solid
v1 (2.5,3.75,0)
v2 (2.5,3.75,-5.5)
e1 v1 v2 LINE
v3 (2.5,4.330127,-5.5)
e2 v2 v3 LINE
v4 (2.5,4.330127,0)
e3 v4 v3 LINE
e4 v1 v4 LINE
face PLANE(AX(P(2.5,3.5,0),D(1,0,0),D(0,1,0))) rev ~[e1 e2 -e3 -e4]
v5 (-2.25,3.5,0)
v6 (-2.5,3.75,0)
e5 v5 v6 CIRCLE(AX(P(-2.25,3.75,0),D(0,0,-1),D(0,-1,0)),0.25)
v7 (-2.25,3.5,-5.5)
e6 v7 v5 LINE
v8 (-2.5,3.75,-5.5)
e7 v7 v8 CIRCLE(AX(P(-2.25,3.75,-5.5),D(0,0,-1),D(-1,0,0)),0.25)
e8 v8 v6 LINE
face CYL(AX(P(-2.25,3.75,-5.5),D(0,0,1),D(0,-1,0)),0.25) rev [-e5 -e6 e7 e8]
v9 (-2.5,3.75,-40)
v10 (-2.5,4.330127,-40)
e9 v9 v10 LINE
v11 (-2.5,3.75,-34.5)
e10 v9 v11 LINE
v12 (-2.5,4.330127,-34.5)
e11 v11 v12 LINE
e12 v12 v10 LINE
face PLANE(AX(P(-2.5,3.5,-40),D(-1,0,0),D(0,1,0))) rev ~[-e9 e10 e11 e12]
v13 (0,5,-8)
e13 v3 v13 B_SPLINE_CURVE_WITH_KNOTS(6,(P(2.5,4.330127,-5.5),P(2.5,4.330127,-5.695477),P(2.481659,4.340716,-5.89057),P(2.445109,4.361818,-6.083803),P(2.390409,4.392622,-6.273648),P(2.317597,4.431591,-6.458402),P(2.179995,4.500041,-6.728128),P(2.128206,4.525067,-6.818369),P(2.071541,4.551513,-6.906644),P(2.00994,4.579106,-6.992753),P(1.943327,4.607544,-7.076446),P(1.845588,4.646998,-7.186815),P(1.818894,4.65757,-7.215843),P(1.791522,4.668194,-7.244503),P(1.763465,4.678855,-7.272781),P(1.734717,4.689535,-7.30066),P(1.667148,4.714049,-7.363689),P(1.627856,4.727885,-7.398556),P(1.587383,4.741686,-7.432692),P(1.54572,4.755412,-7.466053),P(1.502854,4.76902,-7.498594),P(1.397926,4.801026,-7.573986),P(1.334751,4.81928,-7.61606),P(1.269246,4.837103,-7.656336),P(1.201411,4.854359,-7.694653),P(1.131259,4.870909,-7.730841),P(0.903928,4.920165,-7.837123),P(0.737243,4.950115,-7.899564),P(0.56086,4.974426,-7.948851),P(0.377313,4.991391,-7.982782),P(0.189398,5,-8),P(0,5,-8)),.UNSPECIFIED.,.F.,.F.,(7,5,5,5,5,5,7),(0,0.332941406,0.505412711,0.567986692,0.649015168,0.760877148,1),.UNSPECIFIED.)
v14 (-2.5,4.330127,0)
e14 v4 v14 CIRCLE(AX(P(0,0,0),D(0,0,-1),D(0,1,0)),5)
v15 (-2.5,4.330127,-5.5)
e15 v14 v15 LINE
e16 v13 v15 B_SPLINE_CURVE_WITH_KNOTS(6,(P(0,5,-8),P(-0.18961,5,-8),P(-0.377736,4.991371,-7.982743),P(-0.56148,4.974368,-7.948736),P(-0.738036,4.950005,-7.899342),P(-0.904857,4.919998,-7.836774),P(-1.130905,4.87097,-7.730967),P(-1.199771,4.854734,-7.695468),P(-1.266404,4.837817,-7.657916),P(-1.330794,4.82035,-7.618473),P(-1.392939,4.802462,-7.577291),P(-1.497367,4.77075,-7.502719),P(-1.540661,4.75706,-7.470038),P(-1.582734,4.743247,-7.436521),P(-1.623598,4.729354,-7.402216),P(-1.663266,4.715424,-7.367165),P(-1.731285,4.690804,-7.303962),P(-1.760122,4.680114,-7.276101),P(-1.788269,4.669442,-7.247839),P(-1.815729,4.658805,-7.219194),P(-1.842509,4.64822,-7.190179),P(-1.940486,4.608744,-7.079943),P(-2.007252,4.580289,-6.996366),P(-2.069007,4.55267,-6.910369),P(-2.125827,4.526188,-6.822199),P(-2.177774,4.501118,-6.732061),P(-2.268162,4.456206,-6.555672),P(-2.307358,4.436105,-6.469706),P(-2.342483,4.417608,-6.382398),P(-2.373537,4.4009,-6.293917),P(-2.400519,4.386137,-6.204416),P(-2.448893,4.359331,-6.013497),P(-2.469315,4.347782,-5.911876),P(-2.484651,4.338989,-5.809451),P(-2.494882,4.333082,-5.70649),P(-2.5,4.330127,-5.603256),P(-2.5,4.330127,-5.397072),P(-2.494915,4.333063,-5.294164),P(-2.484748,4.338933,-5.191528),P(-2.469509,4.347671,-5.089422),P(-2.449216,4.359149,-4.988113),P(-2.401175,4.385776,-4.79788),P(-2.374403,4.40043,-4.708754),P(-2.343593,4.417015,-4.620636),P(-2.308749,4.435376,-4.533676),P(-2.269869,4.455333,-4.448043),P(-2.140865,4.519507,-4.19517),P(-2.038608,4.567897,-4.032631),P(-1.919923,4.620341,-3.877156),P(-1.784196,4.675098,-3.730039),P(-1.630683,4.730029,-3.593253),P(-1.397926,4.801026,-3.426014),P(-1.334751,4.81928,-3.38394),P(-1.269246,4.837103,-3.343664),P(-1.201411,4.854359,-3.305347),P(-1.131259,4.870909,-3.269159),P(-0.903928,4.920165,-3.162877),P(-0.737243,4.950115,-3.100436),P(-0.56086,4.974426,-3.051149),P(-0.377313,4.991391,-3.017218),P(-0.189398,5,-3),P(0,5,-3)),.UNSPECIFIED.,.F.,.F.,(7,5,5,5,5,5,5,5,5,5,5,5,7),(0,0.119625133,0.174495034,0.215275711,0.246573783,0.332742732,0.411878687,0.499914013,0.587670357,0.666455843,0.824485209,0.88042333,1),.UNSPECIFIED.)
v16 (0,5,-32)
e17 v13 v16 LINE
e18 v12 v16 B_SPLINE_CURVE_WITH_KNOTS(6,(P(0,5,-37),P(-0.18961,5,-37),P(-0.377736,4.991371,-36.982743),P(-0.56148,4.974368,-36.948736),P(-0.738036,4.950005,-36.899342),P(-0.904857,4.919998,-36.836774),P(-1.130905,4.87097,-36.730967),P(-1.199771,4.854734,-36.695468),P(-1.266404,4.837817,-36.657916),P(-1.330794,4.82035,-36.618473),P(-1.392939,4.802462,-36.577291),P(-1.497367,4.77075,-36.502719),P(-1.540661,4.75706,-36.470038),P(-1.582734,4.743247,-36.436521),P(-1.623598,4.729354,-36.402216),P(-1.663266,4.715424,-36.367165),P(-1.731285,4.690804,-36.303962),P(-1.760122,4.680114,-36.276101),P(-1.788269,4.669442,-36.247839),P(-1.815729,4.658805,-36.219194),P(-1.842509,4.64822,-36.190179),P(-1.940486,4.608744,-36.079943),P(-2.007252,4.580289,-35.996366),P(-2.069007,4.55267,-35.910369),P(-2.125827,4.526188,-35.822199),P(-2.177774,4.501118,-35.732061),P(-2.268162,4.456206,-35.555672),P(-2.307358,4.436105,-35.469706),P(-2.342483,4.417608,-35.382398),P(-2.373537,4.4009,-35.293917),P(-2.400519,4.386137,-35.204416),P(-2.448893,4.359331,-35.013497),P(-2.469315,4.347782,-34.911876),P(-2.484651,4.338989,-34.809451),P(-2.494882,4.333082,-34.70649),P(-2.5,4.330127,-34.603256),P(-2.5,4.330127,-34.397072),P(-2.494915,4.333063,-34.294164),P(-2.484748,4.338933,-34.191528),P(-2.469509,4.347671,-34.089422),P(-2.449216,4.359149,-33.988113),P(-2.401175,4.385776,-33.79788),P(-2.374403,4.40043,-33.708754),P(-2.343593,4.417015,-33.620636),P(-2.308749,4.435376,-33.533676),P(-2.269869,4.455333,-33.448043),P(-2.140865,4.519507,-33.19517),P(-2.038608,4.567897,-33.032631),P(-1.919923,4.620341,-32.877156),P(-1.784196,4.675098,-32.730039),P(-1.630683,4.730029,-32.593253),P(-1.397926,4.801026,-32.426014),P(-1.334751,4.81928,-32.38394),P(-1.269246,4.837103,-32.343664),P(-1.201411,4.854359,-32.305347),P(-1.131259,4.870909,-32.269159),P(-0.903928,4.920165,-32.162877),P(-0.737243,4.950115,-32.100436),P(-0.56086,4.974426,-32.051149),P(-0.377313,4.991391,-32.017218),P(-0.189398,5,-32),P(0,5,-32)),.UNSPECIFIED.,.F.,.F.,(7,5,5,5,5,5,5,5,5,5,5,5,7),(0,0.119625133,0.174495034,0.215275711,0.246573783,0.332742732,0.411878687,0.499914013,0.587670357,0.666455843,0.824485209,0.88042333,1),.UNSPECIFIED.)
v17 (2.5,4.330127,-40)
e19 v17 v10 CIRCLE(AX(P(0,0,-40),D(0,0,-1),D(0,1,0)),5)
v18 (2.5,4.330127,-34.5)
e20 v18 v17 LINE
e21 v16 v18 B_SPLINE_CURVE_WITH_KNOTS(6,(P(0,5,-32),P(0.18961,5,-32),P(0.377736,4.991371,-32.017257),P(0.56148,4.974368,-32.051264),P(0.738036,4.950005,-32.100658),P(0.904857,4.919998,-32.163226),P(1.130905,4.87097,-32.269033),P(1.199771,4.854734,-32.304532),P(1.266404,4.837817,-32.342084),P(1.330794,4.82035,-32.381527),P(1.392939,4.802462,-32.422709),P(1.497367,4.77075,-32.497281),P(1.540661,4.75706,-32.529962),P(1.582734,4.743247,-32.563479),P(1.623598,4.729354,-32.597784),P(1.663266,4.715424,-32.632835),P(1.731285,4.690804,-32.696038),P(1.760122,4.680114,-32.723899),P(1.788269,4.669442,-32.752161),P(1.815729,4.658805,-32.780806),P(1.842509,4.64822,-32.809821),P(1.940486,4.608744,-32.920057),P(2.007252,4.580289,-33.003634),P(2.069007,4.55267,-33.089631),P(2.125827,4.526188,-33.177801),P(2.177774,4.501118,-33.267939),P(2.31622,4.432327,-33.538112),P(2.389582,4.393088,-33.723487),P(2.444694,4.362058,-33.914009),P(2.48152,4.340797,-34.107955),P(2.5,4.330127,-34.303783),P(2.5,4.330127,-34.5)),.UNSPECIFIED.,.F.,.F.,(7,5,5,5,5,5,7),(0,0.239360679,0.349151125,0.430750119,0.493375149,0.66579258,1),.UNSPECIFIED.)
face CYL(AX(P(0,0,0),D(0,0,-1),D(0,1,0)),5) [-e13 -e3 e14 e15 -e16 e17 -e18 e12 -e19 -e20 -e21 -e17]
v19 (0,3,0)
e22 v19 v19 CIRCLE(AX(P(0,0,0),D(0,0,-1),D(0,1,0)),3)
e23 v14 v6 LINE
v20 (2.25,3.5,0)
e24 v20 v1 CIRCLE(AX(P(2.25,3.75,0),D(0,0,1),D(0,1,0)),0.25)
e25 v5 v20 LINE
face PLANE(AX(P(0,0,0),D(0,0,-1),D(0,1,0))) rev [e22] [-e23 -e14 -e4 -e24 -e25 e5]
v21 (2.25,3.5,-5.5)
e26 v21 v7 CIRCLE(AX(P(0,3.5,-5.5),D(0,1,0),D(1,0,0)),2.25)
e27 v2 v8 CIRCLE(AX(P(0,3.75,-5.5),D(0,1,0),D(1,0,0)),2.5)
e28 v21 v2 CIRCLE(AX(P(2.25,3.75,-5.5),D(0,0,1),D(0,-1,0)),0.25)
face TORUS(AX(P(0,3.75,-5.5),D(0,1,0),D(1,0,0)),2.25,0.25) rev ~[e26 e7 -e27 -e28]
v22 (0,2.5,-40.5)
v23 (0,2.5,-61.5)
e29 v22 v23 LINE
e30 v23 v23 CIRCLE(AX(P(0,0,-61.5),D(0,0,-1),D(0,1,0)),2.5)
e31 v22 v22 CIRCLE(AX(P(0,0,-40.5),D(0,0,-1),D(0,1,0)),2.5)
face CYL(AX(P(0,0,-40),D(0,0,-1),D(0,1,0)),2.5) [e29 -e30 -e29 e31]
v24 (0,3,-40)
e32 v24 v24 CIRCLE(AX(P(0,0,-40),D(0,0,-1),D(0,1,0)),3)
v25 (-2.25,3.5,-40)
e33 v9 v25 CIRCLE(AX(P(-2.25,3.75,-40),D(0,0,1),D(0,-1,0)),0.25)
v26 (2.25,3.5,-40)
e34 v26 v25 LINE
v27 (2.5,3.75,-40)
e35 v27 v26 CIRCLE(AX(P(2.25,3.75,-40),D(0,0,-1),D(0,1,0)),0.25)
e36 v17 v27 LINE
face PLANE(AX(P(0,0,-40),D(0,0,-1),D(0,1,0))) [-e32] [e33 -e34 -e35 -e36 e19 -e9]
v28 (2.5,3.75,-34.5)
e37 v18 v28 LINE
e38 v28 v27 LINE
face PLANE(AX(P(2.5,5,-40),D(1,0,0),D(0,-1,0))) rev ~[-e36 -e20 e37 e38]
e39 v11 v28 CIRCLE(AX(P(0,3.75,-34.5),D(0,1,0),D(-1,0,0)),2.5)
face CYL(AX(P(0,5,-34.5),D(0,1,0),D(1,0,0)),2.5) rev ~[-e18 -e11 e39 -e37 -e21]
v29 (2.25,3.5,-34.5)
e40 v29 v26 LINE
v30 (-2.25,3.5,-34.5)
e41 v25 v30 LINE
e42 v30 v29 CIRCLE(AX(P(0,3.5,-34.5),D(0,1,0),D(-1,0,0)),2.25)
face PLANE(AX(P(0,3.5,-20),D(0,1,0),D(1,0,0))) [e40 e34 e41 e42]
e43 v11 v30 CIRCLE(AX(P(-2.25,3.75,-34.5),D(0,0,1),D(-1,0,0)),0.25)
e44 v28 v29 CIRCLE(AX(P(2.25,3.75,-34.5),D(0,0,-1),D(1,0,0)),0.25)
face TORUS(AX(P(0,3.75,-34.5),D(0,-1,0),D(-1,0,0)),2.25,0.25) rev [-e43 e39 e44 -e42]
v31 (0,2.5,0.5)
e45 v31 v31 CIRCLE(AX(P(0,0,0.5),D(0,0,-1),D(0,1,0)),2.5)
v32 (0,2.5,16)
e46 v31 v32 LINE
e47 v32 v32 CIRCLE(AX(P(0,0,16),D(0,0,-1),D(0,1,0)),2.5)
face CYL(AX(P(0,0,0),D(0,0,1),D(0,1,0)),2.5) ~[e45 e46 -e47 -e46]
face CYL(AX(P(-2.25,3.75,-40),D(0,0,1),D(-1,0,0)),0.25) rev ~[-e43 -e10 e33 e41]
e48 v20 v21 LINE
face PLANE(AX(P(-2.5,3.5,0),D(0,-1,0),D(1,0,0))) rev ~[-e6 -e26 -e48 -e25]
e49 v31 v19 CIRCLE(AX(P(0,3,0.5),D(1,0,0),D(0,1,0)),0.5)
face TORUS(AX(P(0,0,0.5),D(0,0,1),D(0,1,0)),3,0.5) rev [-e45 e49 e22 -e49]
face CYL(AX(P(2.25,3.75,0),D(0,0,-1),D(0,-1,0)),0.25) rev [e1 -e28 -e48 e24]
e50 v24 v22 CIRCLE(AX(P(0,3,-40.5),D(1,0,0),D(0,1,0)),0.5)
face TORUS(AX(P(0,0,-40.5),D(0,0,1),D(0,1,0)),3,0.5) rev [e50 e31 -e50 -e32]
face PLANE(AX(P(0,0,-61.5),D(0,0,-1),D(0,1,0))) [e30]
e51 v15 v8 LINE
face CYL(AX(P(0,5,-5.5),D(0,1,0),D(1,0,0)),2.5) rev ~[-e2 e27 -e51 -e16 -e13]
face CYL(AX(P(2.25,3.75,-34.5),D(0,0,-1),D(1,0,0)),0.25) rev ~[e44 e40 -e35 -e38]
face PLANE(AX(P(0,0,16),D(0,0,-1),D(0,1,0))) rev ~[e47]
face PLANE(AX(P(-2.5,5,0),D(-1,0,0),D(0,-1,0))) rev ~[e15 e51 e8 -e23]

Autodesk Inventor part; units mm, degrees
ref_plane "YZ Plane" through (0, 0, 0) normal (1, 0, 0) x (0, 1, 0)
ref_plane "XZ Plane" through (0, 0, 0) normal (0, 1, 0) x (-1, 0, 0)
sketch "Sketch1" plane through (0, 0, 0) normal (1, 0, 0) x (0, 1, 0)
  line L0 (0, 0) -> (5, 0)
  line L1 (5, 0) -> (5, -40)
  line L2 (5, -40) -> (0, -40)
  line L3 (0, -40) -> (0, 0)
  line L4 (0, 0) -> (2.5, 0)
  line L5 (2.5, 0) -> (2.5, 16)
  line L6 (2.5, 16) -> (0, 16)
  line L7 (0, 16) -> (0, 0)
  line L8 (0, -40) -> (2.5, -40)
  line L9 (2.5, -40) -> (2.5, -54)
  line L10 (2.5, -54) -> (0, -54)
  line L11 (0, -54) -> (0, -40)
  line L12 (0, -54) -> (2.5, -54)
  line L13 (2.5, -54) -> (2.5, -61.5)
  line L14 (2.5, -61.5) -> (0, -61.5)
  line L15 (0, -61.5) -> (0, -54)
  line L16 (0, 16) -> (2, 16)
  line L17 (0, 14) -> (0, 16)
  line L18 (0, 19.99) -> (0, -68.5807)
  point P0 (2.5, -40)
  dimension "d0" = 5
  dimension "d1" = 40
  dimension "d2" = 2.5
  dimension "d3" = 16
  dimension "d4" = 2.5
  dimension "d5" = 14
  dimension "d6" = 2.5
  dimension "d7" = 7.5
revolve "Revolution1" add sketch "Sketch1" angle 360 about axis through (0, 0, 19.99) along (0, 0, -1)
sketch "Sketch4" plane through (0, 0, 0) normal (0, 0, 1) x (1, 0, 0)
  circle A0 centre (0, 0) radius 5 construction
  line L0 (0, 5) -> (2.5, 5)
  line L1 (2.5, 5) -> (-2.5, 5)
  line L2 (-2.5, 5) -> (-2.5, 3.5)
  line L3 (-2.5, 3.5) -> (2.5, 3.5)
  line L4 (2.5, 3.5) -> (2.5, 5)
  point P0 (0, 0)
  dimension "d25" = 2.5
  dimension "d26" = 5
  dimension "d27" = 1.5
extrude "Extrusion3" cut sketch "Sketch4" against normal blind 5.5
sketch "Sketch5" plane through (0, 0, -40) normal (0, 0, -1) x (-1, 0, 0)
  circle A0 centre (0, 0) radius 5 construction
  line L0 (0, 5) -> (2.5, 5)
  line L1 (-2.5, 4.3301) -> (-2.5, 3.5) projected
  line L2 (2.5, 5) -> (-2.5, 5)
  line L3 (-2.5, 5) -> (-2.5, 3.5)
  line L4 (-2.5, 3.5) -> (2.5, 3.5)
  line L5 (2.5, 3.5) -> (2.5, 5)
  point P0 (0, 0)
  dimension "d30" = 2.5
  dimension "d31" = 5
  dimension "d32" = 1.5
extrude "Extrusion4" cut sketch "Sketch5" against normal blind 5.5
ref_plane "Work Plane1" through (0, 5, -20) normal (0, 1, 0) x (1, 0, 0)
sketch "Sketch6" plane through (0, 5, -20) normal (0, 1, 0) x (1, 0, 0)
  line L0 (2.5, -14.5) -> (-2.5, -14.5) projected
  circle A0 centre (0, -14.5) radius 2.5
  line L1 (-2.5, 14.5) -> (2.5, 14.5) projected
  circle A1 centre (0, 14.5) radius 2.5
  point P0 (0, -20)
extrude "Extrusion5" cut sketch "Sketch6" against normal blind 1.5
fillet "Fillet2" radius 0.5 2 edges at (0, -2.5, 0) (0, -2.5, -40)
fillet "Fillet3" radius 0.25 6 edges at (0, 3.5, -8) (2.5, 3.5, -2.75) (-2.5, 3.5, -2.75) (0, 3.5, -32) (2.5, 3.5, -37.25) (-2.5, 3.5, -37.25)
properties part number "eje2" material "PBT Plastic"
